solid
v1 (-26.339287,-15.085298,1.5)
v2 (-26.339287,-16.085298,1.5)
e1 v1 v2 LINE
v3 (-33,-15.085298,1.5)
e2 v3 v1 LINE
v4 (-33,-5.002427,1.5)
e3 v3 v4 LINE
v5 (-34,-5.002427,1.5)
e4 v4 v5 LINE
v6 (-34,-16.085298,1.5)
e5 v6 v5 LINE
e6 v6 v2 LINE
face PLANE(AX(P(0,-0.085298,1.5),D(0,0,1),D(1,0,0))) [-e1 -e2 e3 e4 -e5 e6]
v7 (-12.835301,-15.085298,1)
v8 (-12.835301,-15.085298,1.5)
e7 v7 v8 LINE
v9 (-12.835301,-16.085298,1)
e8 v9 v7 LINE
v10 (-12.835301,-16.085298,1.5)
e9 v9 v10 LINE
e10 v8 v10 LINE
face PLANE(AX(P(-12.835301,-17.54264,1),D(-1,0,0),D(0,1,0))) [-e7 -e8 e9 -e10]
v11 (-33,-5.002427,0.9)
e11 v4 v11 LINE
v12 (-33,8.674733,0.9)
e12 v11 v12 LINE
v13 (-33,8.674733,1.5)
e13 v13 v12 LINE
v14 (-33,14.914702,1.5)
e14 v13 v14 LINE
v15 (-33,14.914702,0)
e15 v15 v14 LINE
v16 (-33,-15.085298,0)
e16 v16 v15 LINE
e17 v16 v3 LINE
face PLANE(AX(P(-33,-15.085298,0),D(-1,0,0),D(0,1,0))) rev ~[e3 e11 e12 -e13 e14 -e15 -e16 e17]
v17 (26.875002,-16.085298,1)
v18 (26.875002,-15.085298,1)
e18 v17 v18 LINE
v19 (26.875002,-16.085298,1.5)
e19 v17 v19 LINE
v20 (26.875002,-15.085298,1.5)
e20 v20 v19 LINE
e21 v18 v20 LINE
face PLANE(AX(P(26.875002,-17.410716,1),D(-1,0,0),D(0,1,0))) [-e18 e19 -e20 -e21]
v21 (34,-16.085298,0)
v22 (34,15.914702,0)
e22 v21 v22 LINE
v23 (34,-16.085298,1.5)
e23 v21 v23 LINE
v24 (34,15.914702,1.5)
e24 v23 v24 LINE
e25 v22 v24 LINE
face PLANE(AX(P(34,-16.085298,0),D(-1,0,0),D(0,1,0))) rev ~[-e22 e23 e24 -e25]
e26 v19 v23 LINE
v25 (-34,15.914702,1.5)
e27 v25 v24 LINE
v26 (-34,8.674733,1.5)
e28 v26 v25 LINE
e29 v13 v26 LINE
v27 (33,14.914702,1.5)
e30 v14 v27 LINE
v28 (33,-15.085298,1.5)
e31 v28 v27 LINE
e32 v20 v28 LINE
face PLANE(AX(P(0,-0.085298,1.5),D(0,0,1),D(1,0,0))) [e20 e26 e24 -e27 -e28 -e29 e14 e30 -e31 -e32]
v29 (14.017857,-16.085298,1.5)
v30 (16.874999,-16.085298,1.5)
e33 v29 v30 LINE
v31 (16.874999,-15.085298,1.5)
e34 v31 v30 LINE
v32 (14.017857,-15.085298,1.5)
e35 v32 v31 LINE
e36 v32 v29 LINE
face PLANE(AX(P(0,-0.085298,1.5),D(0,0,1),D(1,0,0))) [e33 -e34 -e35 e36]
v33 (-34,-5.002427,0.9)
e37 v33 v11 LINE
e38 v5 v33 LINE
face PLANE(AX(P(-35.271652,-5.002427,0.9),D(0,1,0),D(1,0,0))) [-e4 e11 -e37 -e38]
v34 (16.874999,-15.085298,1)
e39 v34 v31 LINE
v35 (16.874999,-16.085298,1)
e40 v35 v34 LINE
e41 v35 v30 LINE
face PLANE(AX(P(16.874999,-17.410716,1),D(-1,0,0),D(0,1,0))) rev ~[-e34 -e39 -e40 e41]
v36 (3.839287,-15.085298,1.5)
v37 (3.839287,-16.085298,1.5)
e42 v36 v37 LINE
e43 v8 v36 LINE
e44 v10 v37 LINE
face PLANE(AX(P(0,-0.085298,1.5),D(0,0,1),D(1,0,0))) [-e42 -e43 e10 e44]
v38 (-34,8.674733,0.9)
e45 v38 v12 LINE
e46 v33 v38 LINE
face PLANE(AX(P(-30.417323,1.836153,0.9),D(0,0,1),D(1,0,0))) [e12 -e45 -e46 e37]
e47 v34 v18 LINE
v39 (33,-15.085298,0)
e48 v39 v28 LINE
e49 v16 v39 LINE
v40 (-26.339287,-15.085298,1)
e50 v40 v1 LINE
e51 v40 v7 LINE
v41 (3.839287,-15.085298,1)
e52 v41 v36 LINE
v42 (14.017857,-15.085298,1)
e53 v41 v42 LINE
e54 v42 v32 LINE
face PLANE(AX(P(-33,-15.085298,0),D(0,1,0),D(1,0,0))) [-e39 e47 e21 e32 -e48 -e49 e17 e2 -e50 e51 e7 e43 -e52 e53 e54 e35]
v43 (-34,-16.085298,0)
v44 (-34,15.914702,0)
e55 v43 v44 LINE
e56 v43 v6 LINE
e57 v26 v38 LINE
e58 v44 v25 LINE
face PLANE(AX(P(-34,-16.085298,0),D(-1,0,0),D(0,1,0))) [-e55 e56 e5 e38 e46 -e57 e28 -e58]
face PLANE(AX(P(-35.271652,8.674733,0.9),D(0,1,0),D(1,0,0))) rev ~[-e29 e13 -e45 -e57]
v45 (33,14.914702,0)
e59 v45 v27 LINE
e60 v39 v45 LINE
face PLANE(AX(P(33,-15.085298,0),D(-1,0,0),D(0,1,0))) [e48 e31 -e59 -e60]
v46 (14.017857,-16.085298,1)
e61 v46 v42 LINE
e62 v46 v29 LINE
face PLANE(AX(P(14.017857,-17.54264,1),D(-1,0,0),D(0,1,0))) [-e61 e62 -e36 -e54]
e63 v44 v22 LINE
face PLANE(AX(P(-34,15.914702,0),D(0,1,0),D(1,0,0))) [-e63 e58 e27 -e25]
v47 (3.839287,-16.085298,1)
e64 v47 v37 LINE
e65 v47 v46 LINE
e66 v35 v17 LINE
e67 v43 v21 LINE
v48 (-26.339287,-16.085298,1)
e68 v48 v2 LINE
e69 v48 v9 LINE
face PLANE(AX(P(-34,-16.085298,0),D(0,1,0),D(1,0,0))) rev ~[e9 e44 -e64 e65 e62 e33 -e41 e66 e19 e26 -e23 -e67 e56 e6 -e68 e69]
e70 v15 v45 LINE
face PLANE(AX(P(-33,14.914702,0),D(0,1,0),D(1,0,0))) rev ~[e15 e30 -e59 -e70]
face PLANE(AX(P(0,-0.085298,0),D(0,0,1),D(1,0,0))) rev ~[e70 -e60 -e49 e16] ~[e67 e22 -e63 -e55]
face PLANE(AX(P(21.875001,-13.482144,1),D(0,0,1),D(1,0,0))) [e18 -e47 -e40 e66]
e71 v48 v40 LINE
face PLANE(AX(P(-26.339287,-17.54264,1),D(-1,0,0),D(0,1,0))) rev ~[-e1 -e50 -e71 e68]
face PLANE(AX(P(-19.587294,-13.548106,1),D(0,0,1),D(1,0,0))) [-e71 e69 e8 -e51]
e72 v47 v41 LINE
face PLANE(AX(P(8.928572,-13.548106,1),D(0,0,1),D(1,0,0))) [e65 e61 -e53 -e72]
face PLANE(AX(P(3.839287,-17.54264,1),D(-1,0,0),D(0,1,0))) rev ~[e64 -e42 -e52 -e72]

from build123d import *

# Parameters (mm, degrees)
F0_W     = 68
F0_H     = 32
F0_W_2   = 66.0000007396
F0_H_2   = 30
F2_DEPTH = 1.5
F5_START = 0.9
F3_W     = 9.7086578608
F3_H     = 13.6771607213
F5_DEPTH = 2.3
F6_START = 1
F1_W     = 13.5039854795
F1_H     = 7.9890675843
F1_W_2   = 10.1785697043
F1_W_3   = 10.0000035018
F1_H_2   = 7.8571438789
F6_DEPTH = 4.6
F7_START = 1.5
F4_W     = 54.7266360372
F4_H     = 8.1930877641
F7_DEPTH = 4


with BuildPart() as f2:
    # F0 (on Top) → F2 (new body)
    with BuildSketch(Plane.XY):
        with Locations((0, -0.0852976367)):
            Rectangle(F0_W, F0_H)
        with Locations((0, -0.0852976367)):
            Rectangle(F0_W_2, F0_H_2, mode=Mode.SUBTRACT)
    extrude(amount=F2_DEPTH)

    # F3 (on Top) → F5 (cut)
    with BuildSketch(Plane.XY.offset(F5_START)):
        with Locations((-30.4173231125, 1.8361529801)):
            Rectangle(F3_W, F3_H)
    extrude(amount=F5_DEPTH, mode=Mode.SUBTRACT)

    # F1 (on Top) → F6 (cut)
    with BuildSketch(Plane.XY.offset(F6_START)):
        with Locations((-19.5872941986, -13.5481059551)):
            Rectangle(F1_W, F1_H)
        with Locations((8.9285718277, -13.5481059551)):
            Rectangle(F1_W_2, F1_H)
        with Locations((21.8750005588, -13.4821441025)):
            Rectangle(F1_W_3, F1_H_2)
    extrude(amount=F6_DEPTH, mode=Mode.SUBTRACT)

    # F4 (on Top) → F7 (cut)
    with BuildSketch(Plane.XY.offset(F7_START)):
        with Locations((0.0114953145, 13.3686042391)):
            Rectangle(F4_W, F4_H)
    extrude(amount=F7_DEPTH, mode=Mode.SUBTRACT)


solid = f2.part
